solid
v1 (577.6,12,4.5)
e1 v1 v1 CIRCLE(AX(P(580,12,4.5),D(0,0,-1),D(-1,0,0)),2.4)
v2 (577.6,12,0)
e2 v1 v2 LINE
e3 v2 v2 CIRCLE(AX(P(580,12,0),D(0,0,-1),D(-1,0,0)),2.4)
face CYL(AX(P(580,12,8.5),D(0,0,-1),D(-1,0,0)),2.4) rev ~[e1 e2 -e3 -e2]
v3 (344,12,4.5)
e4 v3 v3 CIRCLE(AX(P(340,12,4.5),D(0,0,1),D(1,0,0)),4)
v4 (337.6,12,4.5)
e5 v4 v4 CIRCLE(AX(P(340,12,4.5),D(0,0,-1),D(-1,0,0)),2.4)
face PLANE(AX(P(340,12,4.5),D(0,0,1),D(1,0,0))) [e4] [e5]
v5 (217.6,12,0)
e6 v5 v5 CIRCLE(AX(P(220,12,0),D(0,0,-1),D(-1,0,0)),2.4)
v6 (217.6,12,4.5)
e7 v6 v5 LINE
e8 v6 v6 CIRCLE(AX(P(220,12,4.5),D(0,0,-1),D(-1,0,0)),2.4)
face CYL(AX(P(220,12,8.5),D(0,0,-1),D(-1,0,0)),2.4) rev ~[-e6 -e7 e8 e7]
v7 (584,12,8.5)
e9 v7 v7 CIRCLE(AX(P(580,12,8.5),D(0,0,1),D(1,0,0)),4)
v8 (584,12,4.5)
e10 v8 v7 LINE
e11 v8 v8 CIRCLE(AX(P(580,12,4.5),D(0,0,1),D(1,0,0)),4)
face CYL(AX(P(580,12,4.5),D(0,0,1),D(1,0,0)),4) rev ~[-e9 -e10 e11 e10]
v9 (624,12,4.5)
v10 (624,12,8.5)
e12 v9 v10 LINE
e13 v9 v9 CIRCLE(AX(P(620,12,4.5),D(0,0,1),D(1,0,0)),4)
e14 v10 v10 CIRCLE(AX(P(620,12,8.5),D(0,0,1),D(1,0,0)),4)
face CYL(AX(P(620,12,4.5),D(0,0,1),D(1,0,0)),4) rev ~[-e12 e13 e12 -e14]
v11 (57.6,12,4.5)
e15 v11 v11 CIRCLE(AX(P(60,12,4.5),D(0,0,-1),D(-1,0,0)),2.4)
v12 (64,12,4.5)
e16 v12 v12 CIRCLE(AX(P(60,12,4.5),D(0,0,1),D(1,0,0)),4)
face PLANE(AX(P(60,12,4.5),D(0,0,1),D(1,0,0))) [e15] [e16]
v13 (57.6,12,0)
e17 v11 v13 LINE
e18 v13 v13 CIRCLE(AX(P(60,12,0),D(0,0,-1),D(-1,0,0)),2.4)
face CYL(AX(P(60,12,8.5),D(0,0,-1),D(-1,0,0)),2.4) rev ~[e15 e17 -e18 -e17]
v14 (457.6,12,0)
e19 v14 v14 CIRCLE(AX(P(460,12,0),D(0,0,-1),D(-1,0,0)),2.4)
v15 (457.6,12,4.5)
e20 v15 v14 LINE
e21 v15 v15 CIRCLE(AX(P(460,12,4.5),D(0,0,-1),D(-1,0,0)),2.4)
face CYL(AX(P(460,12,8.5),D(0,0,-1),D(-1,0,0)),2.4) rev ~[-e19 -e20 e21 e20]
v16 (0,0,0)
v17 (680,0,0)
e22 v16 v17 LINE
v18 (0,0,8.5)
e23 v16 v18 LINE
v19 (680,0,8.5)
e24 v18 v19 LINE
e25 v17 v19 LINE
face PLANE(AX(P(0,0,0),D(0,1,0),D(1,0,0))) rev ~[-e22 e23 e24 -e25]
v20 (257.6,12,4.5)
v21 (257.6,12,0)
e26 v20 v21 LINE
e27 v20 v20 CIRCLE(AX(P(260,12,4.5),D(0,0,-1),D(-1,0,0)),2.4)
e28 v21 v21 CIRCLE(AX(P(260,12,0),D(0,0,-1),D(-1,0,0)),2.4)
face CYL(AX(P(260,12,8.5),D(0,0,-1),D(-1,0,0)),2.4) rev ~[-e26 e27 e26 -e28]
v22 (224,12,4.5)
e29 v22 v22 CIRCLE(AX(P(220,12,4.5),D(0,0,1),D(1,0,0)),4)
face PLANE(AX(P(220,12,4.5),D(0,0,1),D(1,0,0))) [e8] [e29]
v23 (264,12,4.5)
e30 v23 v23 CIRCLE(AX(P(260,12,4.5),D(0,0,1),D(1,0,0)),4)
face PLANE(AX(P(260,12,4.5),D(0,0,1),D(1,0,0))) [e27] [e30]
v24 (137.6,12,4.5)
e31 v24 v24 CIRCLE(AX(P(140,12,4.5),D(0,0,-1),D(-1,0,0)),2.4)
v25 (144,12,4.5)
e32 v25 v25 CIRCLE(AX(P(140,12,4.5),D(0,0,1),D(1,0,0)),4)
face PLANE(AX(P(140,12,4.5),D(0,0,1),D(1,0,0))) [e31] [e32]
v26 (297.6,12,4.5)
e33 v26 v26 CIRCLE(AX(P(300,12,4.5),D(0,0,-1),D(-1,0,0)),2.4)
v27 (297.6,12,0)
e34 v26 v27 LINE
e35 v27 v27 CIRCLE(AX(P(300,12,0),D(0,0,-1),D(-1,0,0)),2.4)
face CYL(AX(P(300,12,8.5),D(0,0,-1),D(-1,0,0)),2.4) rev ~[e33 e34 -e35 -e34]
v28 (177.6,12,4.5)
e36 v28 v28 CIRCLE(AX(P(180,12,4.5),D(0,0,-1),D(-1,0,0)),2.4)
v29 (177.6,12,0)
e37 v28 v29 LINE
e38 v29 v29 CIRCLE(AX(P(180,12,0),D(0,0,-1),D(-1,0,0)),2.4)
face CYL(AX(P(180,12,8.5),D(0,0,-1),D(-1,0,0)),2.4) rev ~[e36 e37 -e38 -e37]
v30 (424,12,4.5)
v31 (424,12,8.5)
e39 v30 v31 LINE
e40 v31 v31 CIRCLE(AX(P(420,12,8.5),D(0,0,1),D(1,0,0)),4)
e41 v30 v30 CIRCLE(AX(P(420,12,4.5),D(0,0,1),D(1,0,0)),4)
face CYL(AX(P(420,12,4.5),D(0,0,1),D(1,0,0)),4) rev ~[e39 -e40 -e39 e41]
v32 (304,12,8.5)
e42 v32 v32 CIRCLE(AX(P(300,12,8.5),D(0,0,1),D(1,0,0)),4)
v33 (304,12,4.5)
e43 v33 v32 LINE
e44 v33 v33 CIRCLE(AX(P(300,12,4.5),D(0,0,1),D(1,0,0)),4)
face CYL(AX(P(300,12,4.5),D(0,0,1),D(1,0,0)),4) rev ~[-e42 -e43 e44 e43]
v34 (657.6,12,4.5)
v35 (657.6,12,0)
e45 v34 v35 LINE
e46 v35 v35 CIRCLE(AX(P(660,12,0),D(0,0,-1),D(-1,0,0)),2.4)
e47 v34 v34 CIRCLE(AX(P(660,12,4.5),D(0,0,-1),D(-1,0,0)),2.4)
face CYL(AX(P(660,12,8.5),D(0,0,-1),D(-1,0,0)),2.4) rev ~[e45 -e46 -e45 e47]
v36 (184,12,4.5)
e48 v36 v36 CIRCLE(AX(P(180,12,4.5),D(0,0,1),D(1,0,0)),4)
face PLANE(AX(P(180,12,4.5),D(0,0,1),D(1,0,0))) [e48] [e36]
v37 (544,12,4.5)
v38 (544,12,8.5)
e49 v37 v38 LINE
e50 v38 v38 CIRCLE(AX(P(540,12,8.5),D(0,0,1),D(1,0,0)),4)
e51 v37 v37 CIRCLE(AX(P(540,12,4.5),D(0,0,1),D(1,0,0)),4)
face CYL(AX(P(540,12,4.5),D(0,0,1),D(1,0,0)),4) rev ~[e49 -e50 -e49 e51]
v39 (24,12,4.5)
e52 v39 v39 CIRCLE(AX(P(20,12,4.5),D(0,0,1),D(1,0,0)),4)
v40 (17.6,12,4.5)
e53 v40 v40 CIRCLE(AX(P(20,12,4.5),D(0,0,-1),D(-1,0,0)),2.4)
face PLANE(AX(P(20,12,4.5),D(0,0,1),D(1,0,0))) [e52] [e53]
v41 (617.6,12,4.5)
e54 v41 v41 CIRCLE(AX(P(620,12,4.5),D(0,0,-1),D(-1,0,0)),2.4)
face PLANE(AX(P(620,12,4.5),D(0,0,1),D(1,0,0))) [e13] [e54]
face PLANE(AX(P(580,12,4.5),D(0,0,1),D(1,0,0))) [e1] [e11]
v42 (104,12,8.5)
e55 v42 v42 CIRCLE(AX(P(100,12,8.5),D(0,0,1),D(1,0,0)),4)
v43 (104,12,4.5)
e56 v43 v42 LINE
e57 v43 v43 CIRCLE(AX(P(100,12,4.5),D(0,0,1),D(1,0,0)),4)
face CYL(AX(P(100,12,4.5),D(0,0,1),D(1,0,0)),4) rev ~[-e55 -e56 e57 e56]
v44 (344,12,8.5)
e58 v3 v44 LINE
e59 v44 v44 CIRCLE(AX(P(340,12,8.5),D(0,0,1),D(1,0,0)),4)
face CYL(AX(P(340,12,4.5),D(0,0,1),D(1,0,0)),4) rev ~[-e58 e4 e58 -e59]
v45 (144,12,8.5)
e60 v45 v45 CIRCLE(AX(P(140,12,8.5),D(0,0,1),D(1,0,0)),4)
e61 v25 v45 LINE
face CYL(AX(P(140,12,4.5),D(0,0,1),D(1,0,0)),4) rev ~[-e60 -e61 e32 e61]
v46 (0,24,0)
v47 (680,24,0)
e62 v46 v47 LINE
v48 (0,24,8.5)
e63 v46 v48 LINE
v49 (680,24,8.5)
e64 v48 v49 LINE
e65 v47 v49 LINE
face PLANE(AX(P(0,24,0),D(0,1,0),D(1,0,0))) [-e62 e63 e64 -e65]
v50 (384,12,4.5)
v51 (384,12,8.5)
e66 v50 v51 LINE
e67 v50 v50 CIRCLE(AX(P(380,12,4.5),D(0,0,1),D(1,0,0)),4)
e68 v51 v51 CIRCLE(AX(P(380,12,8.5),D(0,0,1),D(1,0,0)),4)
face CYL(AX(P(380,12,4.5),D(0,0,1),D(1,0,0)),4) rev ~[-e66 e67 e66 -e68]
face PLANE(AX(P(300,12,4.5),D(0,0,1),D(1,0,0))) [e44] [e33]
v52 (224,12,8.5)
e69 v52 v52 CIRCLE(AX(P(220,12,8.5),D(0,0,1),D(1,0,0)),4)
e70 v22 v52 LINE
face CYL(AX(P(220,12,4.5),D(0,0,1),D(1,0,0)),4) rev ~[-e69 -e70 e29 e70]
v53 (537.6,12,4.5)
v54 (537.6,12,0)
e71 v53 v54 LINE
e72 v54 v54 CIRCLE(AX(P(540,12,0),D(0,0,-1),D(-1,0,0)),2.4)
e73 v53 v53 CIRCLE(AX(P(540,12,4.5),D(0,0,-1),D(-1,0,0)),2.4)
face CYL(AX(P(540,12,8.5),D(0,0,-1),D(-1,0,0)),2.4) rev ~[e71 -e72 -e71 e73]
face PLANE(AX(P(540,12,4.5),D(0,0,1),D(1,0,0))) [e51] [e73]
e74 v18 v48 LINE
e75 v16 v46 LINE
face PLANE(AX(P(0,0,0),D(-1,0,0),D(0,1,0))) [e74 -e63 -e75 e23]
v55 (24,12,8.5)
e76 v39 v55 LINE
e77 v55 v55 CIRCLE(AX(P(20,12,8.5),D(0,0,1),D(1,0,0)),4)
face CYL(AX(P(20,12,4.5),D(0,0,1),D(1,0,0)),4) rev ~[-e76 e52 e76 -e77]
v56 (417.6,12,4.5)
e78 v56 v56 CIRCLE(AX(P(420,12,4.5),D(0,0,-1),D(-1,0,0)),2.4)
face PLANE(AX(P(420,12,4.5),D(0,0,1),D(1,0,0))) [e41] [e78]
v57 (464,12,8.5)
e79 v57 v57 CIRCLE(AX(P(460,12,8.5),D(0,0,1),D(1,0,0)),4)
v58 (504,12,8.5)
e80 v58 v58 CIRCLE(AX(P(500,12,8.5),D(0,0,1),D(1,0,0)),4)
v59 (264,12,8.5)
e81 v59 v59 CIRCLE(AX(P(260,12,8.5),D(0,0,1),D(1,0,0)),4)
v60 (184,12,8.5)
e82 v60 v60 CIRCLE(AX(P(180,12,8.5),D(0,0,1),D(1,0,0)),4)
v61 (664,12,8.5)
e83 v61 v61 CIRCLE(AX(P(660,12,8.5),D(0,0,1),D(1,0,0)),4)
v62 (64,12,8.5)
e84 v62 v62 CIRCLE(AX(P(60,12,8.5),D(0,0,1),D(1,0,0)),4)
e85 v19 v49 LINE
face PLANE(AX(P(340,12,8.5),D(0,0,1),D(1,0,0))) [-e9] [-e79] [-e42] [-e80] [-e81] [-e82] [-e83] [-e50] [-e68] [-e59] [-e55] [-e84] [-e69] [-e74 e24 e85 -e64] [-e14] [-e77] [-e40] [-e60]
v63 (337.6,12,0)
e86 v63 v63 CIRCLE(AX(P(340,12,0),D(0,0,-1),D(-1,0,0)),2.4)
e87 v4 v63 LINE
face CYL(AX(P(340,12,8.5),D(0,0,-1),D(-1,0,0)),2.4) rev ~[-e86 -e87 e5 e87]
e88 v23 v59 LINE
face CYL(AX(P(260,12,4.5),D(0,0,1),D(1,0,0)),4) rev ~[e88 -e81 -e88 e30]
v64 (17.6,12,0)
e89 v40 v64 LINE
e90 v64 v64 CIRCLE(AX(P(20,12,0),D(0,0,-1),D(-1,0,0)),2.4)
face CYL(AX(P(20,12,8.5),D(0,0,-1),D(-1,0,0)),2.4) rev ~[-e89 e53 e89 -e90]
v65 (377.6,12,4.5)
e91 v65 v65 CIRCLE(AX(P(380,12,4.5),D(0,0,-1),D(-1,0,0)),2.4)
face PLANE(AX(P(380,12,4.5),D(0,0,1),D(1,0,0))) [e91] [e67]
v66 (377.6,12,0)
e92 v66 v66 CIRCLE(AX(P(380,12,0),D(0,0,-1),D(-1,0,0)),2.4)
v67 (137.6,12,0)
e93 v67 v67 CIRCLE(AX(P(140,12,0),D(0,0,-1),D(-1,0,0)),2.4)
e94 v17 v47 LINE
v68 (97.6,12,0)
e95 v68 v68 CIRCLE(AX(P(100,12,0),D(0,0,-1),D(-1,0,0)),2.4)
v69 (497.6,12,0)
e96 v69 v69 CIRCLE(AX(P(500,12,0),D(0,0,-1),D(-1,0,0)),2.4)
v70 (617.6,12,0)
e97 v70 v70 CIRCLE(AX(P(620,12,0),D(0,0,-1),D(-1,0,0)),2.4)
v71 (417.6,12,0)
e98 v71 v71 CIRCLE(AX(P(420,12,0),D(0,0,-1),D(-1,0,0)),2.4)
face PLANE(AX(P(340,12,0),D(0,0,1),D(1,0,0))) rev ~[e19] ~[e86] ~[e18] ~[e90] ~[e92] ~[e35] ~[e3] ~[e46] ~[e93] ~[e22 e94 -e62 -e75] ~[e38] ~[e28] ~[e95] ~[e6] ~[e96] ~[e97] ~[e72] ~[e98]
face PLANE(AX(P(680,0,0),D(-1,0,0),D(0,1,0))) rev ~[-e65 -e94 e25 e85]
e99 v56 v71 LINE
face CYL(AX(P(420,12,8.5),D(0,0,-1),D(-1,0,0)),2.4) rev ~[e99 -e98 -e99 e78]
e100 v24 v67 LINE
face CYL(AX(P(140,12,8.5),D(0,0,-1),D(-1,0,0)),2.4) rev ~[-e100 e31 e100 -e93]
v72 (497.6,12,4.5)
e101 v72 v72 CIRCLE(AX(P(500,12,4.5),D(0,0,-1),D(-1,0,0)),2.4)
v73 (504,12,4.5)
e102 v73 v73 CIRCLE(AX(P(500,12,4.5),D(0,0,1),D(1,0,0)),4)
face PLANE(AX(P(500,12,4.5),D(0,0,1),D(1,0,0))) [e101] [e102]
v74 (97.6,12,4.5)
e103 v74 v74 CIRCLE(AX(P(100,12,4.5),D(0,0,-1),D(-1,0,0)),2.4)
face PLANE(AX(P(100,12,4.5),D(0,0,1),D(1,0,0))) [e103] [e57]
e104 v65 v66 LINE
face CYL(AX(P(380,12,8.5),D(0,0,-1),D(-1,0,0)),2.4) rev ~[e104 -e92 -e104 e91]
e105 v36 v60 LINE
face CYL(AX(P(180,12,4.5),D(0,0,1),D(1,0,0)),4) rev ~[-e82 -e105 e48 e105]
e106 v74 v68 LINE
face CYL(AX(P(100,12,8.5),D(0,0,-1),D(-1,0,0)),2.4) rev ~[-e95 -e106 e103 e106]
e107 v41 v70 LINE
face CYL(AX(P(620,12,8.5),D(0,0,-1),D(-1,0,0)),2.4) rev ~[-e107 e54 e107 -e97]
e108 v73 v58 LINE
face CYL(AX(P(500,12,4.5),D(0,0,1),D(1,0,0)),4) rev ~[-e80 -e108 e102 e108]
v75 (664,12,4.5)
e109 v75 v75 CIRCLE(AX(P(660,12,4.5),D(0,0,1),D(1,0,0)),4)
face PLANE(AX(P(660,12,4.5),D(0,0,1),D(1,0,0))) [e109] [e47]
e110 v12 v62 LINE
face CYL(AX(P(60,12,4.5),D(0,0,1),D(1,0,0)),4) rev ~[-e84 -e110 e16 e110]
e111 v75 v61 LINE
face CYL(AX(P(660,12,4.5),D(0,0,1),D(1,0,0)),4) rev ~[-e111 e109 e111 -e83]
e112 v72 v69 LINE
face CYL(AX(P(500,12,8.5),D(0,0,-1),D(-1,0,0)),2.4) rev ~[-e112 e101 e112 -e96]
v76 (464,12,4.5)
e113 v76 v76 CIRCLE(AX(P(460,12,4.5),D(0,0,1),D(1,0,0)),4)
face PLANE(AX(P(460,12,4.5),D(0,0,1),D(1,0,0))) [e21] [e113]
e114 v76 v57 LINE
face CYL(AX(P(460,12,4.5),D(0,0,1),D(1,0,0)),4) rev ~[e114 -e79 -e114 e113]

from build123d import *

# Parameters (mm, degrees)
SKETCH_1_W                   = 680
SKETCH_1_H                   = 24
EXTRUDE_1_DEPTH              = 8.5
HOLE_WIZARD_M4_1_D           = 4.8
HOLE_WIZARD_M4_1_CBORE_D     = 8
HOLE_WIZARD_M4_1_CBORE_DEPTH = 4
PATTERN_LINEAR_1_COUNT       = 17
PATTERN_LINEAR_1_PITCH       = 40


with BuildPart() as part:
    # 草图1 → 凸台-拉伸1 (new body)
    with BuildSketch(Plane.XY):
        with Locations((340, 12)):
            Rectangle(SKETCH_1_W, SKETCH_1_H)
    extrude(amount=EXTRUDE_1_DEPTH)

    # M4 六角凹头螺钉的柱形沉头孔1 (through all)
    with Locations(Plane.XY.offset(8.5)):
        with Locations((20, 12)):
            hole_wizard_m4_1 = CounterBoreHole(HOLE_WIZARD_M4_1_D / 2, HOLE_WIZARD_M4_1_CBORE_D / 2, HOLE_WIZARD_M4_1_CBORE_DEPTH)

    # 阵列(线性)1: M4 六角凹头螺钉的柱形沉头孔1 ×17
    with Locations(*[(i * PATTERN_LINEAR_1_PITCH, 0, 0) for i in range(1, PATTERN_LINEAR_1_COUNT)]):
        add(hole_wizard_m4_1, mode=Mode.SUBTRACT)


solid = part.part
